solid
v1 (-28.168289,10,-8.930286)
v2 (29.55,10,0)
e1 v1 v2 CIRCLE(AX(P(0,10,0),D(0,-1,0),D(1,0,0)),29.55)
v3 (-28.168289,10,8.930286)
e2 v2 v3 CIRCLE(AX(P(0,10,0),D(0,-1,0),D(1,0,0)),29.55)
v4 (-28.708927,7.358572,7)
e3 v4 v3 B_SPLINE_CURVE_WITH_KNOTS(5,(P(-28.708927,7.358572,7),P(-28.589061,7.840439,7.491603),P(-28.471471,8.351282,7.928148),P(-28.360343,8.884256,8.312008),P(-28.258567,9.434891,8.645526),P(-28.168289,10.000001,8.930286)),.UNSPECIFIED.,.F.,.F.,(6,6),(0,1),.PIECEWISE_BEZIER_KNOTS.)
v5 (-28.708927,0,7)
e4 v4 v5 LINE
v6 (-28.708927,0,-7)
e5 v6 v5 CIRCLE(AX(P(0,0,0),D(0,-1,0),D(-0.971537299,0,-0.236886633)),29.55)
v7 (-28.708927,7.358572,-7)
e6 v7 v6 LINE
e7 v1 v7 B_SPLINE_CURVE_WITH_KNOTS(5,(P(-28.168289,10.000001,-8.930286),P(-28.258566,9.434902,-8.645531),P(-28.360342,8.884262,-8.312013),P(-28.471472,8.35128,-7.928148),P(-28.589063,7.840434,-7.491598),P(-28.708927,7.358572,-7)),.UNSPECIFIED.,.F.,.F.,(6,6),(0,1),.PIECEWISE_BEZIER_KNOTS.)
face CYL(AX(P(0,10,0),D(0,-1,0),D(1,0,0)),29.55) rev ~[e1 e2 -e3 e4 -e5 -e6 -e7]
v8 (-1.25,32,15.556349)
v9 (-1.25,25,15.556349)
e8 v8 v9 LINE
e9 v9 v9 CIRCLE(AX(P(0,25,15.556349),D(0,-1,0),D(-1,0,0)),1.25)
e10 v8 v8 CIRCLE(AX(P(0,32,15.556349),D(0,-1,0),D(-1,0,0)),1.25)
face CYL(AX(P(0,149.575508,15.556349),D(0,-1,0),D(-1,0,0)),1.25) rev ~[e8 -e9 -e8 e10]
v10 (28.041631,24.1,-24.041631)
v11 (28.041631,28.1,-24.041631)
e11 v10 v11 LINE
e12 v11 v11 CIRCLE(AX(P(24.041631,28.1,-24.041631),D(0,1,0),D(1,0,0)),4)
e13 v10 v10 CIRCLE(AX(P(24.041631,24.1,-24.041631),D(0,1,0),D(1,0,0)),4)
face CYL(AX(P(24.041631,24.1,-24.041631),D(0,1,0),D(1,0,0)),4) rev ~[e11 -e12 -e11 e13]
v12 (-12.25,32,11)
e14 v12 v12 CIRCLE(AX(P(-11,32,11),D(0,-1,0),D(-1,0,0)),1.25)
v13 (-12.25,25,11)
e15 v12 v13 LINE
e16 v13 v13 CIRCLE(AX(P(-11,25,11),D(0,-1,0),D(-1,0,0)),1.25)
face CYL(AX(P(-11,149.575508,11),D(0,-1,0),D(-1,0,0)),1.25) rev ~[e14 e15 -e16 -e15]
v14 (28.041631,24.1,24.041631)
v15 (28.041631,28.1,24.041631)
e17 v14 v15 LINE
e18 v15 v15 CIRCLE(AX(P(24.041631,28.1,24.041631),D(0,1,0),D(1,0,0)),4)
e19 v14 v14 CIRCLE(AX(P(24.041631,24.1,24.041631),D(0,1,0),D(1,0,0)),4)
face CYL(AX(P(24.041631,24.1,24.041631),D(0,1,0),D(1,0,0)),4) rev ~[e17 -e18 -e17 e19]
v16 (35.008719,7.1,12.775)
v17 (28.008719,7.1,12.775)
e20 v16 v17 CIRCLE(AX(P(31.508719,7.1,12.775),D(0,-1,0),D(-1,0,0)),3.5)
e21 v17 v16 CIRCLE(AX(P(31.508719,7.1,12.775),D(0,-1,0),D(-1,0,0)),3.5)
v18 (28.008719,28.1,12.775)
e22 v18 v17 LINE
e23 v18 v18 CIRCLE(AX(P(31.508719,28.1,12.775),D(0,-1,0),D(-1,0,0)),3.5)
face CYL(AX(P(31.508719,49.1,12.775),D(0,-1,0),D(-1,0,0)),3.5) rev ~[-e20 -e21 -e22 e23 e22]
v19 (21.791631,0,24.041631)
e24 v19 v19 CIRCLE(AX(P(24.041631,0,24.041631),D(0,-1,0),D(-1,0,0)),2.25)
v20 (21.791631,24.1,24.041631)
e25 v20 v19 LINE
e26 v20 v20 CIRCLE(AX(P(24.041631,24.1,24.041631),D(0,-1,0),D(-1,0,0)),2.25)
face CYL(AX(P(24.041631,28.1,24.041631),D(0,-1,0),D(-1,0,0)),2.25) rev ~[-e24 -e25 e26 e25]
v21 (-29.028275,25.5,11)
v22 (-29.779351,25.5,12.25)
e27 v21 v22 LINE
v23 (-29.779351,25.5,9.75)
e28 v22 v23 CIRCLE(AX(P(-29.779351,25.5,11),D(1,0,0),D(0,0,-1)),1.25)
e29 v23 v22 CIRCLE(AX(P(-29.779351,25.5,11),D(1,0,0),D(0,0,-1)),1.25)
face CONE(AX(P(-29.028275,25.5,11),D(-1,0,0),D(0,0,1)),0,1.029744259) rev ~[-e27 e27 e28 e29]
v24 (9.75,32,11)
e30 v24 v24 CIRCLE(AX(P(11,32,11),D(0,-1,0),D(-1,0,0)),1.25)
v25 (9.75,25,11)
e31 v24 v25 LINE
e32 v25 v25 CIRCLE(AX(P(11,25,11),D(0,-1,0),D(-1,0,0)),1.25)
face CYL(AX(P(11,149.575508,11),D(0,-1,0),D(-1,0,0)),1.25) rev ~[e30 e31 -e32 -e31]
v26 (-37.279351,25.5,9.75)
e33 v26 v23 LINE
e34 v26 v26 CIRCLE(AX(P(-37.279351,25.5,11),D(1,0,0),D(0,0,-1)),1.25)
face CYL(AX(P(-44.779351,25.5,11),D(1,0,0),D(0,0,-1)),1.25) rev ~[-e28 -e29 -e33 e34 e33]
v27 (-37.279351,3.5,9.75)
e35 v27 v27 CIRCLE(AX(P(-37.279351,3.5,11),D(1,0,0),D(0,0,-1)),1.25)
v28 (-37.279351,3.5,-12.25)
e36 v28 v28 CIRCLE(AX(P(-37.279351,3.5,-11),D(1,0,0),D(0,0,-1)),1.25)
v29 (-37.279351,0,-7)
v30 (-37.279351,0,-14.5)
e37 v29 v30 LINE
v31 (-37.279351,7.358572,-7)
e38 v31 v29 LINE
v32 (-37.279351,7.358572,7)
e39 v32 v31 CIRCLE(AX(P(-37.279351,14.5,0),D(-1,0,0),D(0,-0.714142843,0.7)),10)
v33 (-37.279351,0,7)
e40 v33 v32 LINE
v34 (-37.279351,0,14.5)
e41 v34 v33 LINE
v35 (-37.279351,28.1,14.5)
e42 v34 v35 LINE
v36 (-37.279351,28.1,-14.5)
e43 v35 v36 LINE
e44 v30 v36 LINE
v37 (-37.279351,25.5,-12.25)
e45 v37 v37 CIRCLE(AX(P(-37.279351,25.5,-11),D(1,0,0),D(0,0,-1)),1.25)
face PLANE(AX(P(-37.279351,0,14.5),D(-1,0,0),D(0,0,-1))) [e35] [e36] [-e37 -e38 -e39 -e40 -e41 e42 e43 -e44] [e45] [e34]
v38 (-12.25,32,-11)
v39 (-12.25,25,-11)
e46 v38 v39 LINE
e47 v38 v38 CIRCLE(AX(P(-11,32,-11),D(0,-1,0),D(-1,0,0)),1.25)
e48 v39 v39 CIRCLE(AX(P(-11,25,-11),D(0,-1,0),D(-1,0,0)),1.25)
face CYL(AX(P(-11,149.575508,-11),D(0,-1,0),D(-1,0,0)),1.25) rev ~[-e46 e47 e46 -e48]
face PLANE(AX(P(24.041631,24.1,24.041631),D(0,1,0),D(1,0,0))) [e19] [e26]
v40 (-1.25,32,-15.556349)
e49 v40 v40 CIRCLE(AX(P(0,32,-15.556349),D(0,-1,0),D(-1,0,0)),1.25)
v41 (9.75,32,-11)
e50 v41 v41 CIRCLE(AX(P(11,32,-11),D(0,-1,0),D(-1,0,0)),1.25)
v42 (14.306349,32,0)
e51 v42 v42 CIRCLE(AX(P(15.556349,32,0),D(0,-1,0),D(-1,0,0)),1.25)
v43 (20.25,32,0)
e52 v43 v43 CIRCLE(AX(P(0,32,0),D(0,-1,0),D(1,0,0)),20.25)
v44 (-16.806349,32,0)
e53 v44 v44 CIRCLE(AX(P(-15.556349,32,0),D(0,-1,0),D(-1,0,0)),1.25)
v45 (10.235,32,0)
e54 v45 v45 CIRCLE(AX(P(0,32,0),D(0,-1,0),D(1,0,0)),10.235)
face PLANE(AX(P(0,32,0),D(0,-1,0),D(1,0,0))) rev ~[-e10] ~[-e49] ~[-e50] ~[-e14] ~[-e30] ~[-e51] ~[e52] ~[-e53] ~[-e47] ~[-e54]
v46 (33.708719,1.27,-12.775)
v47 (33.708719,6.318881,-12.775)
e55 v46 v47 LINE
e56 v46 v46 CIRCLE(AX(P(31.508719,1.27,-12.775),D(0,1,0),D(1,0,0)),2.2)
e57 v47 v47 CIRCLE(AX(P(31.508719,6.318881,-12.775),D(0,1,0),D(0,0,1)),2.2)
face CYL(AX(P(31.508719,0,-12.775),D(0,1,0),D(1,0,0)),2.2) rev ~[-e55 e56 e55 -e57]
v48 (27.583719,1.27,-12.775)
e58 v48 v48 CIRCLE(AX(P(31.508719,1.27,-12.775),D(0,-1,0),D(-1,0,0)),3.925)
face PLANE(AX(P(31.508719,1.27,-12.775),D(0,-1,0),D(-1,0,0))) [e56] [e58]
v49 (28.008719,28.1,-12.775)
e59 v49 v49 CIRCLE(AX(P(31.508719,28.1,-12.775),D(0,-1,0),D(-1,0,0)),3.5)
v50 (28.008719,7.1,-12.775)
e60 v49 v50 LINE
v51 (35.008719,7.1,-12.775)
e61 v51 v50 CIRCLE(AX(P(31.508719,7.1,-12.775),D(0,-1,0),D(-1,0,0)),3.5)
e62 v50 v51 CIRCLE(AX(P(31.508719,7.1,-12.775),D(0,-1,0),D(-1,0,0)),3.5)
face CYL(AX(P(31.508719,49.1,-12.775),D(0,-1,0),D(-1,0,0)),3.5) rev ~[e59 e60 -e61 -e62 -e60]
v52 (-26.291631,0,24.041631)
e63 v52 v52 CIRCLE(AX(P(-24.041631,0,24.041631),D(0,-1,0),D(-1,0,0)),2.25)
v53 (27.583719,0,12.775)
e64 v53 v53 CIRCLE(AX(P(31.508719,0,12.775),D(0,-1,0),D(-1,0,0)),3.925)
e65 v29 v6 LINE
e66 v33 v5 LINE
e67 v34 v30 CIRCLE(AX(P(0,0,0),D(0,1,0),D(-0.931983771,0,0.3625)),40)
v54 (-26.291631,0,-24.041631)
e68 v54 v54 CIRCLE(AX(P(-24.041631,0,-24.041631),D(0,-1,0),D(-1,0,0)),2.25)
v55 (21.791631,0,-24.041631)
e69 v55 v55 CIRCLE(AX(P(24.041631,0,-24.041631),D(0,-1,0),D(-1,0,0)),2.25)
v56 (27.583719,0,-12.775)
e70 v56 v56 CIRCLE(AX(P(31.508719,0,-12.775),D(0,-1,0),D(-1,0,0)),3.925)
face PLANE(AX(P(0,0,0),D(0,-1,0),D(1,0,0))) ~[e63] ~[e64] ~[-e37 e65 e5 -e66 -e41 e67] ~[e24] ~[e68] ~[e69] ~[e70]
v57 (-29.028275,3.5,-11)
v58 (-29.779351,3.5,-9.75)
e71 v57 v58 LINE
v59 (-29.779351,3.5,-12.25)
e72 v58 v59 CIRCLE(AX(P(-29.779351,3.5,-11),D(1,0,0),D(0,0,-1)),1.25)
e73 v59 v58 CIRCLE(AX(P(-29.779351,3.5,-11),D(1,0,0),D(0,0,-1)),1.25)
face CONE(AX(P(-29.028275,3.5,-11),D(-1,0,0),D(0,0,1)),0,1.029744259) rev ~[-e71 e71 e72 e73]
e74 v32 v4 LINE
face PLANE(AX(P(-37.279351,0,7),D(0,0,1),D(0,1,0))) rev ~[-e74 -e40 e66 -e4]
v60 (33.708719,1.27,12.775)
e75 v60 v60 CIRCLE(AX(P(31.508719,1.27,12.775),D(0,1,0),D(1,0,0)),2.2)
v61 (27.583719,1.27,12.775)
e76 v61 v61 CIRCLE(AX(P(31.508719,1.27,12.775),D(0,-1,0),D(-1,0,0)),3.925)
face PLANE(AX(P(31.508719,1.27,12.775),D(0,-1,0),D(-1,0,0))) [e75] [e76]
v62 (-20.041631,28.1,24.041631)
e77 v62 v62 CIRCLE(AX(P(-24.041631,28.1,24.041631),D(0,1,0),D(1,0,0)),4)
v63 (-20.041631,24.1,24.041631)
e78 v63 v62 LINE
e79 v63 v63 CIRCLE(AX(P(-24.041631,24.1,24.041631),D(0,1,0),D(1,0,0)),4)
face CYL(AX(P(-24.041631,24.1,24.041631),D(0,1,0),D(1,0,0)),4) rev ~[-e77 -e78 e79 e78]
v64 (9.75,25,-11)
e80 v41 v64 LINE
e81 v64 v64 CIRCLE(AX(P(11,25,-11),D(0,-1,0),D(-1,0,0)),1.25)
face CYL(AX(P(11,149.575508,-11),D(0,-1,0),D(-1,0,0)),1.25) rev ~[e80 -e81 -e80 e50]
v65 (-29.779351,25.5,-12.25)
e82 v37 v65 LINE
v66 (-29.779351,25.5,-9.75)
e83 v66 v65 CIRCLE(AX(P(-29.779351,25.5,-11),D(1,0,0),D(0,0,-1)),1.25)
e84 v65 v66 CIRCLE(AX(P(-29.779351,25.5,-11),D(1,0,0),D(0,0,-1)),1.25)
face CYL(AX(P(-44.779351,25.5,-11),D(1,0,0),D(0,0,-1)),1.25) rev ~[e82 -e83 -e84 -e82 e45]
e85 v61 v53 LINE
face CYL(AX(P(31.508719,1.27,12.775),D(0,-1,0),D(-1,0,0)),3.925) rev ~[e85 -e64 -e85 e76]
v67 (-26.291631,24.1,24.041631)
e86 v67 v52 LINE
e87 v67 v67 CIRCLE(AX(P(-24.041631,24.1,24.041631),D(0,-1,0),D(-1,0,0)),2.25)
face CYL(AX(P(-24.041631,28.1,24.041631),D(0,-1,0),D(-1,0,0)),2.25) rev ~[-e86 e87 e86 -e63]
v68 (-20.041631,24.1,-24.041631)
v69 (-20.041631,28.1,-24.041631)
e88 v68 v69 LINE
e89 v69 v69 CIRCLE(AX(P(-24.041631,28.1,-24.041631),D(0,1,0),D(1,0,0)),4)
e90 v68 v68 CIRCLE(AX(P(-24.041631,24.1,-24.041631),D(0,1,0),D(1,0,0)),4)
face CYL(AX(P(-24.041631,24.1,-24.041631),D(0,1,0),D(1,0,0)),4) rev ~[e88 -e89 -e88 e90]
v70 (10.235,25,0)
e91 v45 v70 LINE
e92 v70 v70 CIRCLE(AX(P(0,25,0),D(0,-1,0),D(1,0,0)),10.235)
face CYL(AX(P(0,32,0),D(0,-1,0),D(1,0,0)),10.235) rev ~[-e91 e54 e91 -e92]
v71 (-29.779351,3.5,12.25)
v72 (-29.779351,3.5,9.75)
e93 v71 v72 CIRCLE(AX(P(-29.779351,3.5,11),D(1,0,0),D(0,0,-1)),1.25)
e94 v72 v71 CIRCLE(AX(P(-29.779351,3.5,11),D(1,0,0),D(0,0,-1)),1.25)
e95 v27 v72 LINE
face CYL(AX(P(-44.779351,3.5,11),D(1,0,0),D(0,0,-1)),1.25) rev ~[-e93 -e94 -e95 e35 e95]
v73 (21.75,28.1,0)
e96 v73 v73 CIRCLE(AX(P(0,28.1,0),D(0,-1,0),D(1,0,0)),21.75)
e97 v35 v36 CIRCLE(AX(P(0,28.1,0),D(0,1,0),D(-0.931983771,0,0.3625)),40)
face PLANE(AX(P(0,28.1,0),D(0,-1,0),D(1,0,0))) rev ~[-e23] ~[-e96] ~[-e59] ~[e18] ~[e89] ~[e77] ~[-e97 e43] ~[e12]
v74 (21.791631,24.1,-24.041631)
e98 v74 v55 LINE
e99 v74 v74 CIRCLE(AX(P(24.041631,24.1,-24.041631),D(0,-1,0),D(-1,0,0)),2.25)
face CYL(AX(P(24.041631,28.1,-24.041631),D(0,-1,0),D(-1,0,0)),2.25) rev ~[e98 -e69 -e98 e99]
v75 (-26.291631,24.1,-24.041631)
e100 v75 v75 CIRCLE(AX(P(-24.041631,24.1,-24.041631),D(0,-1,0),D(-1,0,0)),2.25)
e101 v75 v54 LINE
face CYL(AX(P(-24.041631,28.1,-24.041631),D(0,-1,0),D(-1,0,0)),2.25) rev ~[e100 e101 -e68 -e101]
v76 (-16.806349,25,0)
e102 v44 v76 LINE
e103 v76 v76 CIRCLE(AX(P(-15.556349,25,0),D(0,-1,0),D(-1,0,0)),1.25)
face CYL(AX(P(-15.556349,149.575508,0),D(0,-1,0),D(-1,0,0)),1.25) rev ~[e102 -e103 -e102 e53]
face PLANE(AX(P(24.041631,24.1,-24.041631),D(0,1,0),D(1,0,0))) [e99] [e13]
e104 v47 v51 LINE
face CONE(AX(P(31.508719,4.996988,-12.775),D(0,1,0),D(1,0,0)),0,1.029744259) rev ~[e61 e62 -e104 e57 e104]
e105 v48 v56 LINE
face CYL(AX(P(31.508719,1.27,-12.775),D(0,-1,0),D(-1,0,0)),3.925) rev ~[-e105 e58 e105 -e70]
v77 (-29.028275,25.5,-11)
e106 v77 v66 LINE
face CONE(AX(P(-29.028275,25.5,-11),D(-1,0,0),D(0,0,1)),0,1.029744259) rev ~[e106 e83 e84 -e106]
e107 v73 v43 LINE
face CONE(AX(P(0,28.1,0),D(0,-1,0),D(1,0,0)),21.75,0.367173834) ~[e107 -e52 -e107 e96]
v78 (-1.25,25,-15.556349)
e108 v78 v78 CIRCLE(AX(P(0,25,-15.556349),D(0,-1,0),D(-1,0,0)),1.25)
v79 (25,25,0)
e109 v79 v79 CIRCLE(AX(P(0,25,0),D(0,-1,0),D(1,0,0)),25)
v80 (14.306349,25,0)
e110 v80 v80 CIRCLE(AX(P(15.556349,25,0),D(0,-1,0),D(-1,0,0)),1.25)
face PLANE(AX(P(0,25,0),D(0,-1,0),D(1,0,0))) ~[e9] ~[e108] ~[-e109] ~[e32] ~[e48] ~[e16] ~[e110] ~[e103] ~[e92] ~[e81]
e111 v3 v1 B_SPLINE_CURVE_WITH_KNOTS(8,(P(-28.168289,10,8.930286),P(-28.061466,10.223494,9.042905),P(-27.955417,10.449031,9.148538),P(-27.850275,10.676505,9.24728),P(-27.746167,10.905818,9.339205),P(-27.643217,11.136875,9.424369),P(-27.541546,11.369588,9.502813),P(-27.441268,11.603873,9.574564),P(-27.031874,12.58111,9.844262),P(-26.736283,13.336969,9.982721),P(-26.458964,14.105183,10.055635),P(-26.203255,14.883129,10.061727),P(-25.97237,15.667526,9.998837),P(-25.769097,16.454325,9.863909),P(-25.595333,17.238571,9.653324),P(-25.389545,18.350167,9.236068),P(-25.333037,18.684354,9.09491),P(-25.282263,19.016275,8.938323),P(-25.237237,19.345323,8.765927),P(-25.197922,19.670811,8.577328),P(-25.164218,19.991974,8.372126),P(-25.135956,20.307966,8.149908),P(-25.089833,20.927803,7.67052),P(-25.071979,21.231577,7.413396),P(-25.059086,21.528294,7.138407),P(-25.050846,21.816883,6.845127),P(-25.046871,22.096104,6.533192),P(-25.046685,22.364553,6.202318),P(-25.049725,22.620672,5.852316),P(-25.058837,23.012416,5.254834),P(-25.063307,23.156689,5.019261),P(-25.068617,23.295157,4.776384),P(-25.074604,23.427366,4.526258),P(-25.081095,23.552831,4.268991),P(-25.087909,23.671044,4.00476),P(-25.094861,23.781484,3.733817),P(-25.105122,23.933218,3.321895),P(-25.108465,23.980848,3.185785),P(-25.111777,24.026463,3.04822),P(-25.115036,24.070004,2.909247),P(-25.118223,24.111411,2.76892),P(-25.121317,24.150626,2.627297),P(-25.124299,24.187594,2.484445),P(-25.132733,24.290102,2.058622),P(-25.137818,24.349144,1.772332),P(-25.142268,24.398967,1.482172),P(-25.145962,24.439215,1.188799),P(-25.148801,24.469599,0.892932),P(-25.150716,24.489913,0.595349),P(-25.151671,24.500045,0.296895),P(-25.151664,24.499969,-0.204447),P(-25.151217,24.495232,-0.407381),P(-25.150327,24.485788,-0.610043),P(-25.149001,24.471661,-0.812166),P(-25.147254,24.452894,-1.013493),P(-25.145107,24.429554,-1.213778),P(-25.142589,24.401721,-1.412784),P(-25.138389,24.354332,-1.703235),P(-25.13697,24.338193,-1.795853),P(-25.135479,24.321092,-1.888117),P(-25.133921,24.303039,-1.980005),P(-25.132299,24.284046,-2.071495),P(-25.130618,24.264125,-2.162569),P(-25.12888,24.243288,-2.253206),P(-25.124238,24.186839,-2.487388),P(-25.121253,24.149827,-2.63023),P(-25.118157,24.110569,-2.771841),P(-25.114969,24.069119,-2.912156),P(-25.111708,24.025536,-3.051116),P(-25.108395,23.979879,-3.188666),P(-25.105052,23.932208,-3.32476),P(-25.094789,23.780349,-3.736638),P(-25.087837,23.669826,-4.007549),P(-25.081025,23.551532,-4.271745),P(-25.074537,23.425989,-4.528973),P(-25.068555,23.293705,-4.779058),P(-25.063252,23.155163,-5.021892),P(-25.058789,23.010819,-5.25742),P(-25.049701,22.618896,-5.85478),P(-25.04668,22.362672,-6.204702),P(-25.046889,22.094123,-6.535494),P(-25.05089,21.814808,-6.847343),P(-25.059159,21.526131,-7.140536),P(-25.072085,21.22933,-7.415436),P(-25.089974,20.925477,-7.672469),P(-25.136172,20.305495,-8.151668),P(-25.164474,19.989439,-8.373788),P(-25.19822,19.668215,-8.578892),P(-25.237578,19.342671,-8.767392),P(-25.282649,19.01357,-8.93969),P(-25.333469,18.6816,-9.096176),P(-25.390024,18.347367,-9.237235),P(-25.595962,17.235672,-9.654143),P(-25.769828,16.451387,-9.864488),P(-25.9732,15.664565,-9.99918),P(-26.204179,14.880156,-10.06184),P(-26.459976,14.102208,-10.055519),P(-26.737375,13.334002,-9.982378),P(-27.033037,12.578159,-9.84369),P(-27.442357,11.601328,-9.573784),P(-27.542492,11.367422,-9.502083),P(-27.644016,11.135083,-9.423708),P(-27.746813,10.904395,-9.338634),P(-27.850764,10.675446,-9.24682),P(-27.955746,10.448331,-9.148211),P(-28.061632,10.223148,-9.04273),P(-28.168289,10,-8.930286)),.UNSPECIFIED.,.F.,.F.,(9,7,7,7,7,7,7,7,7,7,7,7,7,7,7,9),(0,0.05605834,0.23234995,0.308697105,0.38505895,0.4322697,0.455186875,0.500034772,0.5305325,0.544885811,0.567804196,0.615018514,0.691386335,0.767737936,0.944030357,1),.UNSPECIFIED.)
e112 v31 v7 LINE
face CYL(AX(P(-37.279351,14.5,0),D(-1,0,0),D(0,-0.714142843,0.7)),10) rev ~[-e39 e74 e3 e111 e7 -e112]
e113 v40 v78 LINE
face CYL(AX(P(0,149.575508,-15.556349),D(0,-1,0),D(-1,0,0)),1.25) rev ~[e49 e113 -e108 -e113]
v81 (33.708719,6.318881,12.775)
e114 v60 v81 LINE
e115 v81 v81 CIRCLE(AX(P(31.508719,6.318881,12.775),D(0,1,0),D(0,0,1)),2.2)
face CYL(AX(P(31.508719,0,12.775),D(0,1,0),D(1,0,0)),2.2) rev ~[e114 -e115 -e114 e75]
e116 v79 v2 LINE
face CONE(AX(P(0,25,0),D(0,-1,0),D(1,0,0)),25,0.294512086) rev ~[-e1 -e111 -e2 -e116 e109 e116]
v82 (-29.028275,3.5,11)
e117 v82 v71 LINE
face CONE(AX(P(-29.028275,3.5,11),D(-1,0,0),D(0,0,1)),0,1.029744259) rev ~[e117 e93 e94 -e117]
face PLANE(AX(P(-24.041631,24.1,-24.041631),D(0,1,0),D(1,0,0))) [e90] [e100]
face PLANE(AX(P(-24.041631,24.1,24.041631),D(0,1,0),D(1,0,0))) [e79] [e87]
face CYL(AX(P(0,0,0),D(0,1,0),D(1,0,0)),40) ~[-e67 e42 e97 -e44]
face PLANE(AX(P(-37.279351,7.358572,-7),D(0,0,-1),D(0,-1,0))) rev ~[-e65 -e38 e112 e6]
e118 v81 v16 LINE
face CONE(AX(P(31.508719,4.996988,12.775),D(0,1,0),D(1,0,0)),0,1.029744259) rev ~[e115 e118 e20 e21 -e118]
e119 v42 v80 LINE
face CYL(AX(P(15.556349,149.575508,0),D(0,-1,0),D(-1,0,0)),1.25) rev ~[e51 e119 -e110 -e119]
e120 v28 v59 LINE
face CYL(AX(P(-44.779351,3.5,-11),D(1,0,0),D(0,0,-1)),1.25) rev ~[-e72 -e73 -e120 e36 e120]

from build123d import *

# Parameters (mm, degrees)
CBORE_FOR_M4_SHCS1_D           = 4.5
CBORE_FOR_M4_SHCS1_CBORE_D     = 8
CBORE_FOR_M4_SHCS1_CBORE_DEPTH = 4
M3X0_5_TAPPED_HOLE1_D          = 2.5
M8X1_0_TAPPED_HOLE1_D          = 7
M8X1_0_TAPPED_HOLE1_DEPTH      = 21
M8X1_0_TAPPED_HOLE1_TIP        = 2.103012167
HOLE1_D                        = 4.4
HOLE1_CBORE_D                  = 7.85
HOLE1_CBORE_DEPTH              = 1.27
CUT_EXTRUDE1_DEPTH             = 1
CUT_EXTRUDE1_DEPTH_BACK        = 33
CUT_EXTRUDE2_REACH             = 79.279
M3X0_5_TAPPED_HOLE2_D          = 2.5
M3X0_5_TAPPED_HOLE2_DEPTH      = 7.5
M3X0_5_TAPPED_HOLE2_TIP        = 0.751075774


with BuildPart() as part:
    # Sketch1 → Revolve1 (revolve)
    with BuildSketch(Plane.XY):
        Polygon((10.235, 32), (10.235, 25), (25, 25), (29.55, 10), (29.55, 0), (40, 0), (40, 28.1), (21.75, 28.1), (20.25, 32), align=None)
    revolve(axis=Axis((0, 10.573566085, 0), (0, -1, 0)))

    # CBORE for M4 SHCS1 (through all)
    with Locations(Plane(origin=(0, 28.1, 0), x_dir=(1, 0, 0), z_dir=(0, 1, 0))):
        with Locations((-24.04163056, 24.04163056), (24.04163056, 24.04163056), (24.04163056, -24.04163056), (-24.04163056, -24.04163056)):
            CounterBoreHole(CBORE_FOR_M4_SHCS1_D / 2, CBORE_FOR_M4_SHCS1_CBORE_D / 2, CBORE_FOR_M4_SHCS1_CBORE_DEPTH)

    # M3x0.5 Tapped Hole1 (through all)
    with Locations(Plane(origin=(0, 32, 0), x_dir=(1, 0, 0), z_dir=(0, 1, 0))):
        with Locations((-11, 11), (11, 11), (11, -11), (-11, -11), (0, 15.556349186), (15.556349186, 0), (0, -15.556349186), (-15.556349186, 0)):
            Hole(M3X0_5_TAPPED_HOLE1_D / 2)

    # M8x1.0 Tapped Hole1
    with Locations(Plane(origin=(0, 28.1, 0), x_dir=(1, 0, 0), z_dir=(0, 1, 0))):
        with Locations((31.508719031, 12.775), (31.508719031, -12.775)):
            Hole(M8X1_0_TAPPED_HOLE1_D / 2, depth=M8X1_0_TAPPED_HOLE1_DEPTH)
            with Locations((0, 0, -(M8X1_0_TAPPED_HOLE1_DEPTH + M8X1_0_TAPPED_HOLE1_TIP / 2))):  # 118° drill point
                Cone(0, M8X1_0_TAPPED_HOLE1_D / 2, M8X1_0_TAPPED_HOLE1_TIP, mode=Mode.SUBTRACT)

    # Hole1 (through all)
    with Locations(Plane(origin=(0, 0, 0), x_dir=(-1, 0, 0), z_dir=(0, -1, 0))):
        with Locations((-31.508719031, -12.775), (-31.508719031, 12.775)):
            CounterBoreHole(HOLE1_D / 2, HOLE1_CBORE_D / 2, HOLE1_CBORE_DEPTH)

    # Sketch13 → Cut-Extrude1 (cut, two sides)
    with BuildSketch(Plane.XZ) as cut_extrude1_sk:
        with BuildLine():
            Line((-37.279350853, 14.5), (-37.279350853, -14.5))
            ThreePointArc((-37.279350853, -14.5), (-40, 0), (-37.279350853, 14.5))
        make_face()
    extrude(amount=CUT_EXTRUDE1_DEPTH, mode=Mode.SUBTRACT)
    extrude(cut_extrude1_sk.sketch, amount=-CUT_EXTRUDE1_DEPTH_BACK, mode=Mode.SUBTRACT)

    # Sketch14 → Cut-Extrude2 (cut, up to next)
    with BuildSketch(Plane.ZY.offset(37.279350853), mode=Mode.PRIVATE) as cut_extrude2_sk1:
        with BuildLine():
            Line((-7, 7.358571571), (-7, 0))
            Line((-7, 0), (7, 0))
            Line((7, 0), (7, 7.358571571))
            ThreePointArc((7, 7.358571571), (0, 24.5), (-7, 7.358571571))
        make_face()
    cut_extrude2_tool1 = extrude(cut_extrude2_sk1.sketch, amount=-CUT_EXTRUDE2_REACH, mode=Mode.PRIVATE) & part.part
    add(cut_extrude2_tool1.solids().sort_by_distance((-37.279351, 12.225831, 0))[0], mode=Mode.SUBTRACT)

    # M3x0.5 Tapped Hole2
    with Locations(Plane.ZY.offset(37.279350853)):
        with Locations((-11, 25.5), (-11, 3.5), (11, 3.5), (11, 25.5)):
            Hole(M3X0_5_TAPPED_HOLE2_D / 2, depth=M3X0_5_TAPPED_HOLE2_DEPTH)
            with Locations((0, 0, -(M3X0_5_TAPPED_HOLE2_DEPTH + M3X0_5_TAPPED_HOLE2_TIP / 2))):  # 118° drill point
                Cone(0, M3X0_5_TAPPED_HOLE2_D / 2, M3X0_5_TAPPED_HOLE2_TIP, mode=Mode.SUBTRACT)


solid = part.part
